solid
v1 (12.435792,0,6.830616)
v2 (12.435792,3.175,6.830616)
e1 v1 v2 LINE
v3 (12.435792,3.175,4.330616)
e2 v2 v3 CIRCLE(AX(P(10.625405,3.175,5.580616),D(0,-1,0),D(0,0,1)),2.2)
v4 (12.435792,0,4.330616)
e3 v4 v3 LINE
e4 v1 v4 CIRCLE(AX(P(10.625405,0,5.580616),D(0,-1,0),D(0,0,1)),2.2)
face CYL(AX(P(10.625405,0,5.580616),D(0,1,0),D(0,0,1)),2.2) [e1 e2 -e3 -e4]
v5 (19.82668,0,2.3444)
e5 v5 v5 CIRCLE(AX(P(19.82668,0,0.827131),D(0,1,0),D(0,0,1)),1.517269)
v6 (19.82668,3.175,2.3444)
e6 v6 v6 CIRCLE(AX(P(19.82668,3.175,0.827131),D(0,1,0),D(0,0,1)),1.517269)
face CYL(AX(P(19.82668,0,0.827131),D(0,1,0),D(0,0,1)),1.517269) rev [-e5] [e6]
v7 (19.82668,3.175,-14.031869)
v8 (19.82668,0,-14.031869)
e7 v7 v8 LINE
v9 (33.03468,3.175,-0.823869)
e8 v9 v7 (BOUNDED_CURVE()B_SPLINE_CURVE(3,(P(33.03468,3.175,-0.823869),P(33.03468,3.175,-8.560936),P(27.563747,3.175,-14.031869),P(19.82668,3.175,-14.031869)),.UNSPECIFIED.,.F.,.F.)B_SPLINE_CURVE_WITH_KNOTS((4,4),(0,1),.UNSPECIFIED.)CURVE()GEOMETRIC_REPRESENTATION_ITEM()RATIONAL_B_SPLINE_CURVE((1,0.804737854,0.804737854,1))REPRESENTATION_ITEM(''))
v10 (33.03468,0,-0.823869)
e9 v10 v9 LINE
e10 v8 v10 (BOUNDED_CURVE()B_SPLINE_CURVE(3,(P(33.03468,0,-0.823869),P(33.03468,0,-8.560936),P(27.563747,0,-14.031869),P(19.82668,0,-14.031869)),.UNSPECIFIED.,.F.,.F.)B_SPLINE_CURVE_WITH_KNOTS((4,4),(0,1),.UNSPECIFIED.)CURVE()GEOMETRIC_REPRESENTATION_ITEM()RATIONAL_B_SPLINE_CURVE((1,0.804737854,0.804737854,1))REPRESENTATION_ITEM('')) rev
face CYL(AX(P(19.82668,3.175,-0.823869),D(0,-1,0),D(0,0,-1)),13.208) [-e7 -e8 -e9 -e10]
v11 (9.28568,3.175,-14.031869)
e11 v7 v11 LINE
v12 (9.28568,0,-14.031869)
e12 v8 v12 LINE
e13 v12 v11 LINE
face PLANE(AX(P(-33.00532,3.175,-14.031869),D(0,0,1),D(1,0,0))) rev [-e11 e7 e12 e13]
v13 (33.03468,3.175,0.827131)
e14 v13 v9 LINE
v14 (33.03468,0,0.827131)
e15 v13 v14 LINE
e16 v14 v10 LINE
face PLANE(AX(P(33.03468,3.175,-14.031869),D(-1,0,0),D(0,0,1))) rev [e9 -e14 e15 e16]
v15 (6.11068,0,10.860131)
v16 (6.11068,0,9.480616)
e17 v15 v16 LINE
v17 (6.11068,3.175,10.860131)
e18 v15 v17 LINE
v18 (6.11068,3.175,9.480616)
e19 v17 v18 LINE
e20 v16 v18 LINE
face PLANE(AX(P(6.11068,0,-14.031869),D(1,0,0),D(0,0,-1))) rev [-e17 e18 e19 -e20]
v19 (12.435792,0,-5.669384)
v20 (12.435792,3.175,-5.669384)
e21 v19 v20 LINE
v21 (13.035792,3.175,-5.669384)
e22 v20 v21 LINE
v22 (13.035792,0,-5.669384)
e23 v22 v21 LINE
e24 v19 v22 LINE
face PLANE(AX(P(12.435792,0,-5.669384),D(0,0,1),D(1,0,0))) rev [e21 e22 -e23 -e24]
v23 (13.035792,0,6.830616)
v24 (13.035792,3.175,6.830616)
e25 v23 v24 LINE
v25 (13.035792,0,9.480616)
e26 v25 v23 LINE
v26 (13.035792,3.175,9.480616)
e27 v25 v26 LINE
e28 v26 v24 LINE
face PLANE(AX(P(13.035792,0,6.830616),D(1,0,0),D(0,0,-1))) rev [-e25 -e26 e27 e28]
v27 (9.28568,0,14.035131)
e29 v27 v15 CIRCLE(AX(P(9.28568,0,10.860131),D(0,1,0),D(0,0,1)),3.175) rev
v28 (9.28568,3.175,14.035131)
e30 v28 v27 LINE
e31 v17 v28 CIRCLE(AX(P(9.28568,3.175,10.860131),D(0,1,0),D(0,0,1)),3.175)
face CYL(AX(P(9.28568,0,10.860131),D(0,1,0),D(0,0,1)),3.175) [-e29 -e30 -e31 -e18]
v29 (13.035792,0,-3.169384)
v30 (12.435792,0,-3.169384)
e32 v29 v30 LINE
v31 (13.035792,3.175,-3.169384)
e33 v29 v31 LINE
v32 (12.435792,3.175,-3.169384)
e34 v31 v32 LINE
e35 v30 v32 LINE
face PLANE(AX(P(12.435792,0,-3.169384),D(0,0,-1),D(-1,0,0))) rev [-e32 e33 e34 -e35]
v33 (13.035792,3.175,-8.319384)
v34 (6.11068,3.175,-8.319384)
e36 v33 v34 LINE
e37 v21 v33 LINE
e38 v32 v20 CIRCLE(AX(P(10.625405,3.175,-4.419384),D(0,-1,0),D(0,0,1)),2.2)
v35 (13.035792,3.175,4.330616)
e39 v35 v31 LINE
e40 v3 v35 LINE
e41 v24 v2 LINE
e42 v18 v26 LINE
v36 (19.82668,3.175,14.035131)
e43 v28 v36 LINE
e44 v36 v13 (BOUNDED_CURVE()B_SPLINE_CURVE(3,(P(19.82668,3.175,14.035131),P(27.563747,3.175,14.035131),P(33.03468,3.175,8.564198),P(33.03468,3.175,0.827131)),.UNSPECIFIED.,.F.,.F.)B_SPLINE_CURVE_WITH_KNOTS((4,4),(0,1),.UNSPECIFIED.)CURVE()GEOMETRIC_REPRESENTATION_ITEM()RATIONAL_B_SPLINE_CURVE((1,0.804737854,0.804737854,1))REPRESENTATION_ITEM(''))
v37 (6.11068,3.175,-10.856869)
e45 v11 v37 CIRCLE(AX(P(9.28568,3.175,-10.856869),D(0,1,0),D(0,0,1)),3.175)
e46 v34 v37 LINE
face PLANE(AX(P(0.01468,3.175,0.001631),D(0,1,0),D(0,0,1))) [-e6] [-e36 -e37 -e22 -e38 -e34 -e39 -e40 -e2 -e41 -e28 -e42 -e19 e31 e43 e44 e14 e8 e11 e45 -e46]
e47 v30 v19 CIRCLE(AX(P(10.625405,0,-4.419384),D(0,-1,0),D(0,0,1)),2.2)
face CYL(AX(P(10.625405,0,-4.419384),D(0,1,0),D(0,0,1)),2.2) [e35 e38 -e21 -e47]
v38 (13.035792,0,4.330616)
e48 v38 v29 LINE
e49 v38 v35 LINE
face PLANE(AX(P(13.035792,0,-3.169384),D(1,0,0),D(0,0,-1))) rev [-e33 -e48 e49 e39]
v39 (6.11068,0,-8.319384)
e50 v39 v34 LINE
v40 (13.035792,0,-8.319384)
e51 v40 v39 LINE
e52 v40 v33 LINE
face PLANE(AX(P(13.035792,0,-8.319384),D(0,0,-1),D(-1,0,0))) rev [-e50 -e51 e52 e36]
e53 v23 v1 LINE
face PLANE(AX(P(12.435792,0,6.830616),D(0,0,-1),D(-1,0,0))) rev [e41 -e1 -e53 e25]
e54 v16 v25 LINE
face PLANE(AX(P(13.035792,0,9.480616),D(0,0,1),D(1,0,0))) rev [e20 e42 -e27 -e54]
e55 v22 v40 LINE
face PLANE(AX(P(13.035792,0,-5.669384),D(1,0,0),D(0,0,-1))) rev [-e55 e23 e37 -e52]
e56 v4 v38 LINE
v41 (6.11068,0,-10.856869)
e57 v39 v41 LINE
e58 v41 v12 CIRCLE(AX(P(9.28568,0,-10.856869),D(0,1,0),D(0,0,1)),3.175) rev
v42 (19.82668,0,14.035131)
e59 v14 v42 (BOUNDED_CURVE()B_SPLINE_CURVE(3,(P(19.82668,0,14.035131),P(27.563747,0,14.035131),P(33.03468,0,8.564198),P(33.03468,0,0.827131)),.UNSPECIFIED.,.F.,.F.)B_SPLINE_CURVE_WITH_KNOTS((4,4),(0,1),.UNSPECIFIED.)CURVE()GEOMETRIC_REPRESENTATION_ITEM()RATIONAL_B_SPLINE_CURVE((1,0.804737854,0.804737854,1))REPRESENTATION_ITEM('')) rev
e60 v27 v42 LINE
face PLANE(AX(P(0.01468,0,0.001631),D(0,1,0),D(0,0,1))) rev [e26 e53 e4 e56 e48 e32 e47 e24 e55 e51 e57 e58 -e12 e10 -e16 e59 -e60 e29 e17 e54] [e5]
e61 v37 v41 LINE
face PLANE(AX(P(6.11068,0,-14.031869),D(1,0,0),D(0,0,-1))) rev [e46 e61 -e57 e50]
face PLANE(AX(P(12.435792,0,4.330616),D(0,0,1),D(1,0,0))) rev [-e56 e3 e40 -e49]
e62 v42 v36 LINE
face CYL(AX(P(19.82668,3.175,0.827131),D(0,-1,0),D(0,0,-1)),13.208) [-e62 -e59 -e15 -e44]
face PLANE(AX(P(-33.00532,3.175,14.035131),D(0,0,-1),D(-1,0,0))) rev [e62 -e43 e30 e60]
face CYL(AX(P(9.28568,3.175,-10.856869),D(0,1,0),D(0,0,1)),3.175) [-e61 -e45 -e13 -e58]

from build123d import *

# Parameters (mm, degrees)
SKETCH1_W           = 50.8
SKETCH1_H           = 21.59
BOSS_EXTRUDE1_DEPTH = 3.175
FILLET1_R           = 10.16
SKETCH3_R           = 1.16713
CUT_EXTRUDE1_DEPTH  = 28.780796425
FILLET3_R           = 10.16
SCALE1_SCALE_X      = 1.3
SCALE1_SCALE_Y      = 1
SCALE1_SCALE_Z      = 1.3
SKETCH4_W           = 39.116
SKETCH4_H           = 28.067
CUT_EXTRUDE2_DEPTH  = 37.032702199
CUT_EXTRUDE3_DEPTH  = 37.032702199
FILLET5_R           = 3.175


with BuildPart() as part:
    # Sketch1 → Boss-Extrude1 (new body)
    with BuildSketch(Plane(origin=(0, 0, 0), x_dir=(1, 0, 0), z_dir=(0, 1, 0))):
        Rectangle(SKETCH1_W, SKETCH1_H)
    extrude(amount=BOSS_EXTRUDE1_DEPTH)

    # Fillet1
    fillet1_edges = [part.edges().sort_by_distance(p)[0] for p in [
        (25.4, 1.5875, 10.795),
        (-25.4, 1.5875, 10.795),
    ]]
    fillet(fillet1_edges, radius=FILLET1_R)

    # Sketch3 → Cut-Extrude1 (cut, through all)
    with BuildSketch(Plane(origin=(0, 3.175, 0), x_dir=(1, 0, 0), z_dir=(0, 1, 0))):
        with Locations(Location((15.24, -0.635, 0), (0, 0, 270))):
            Circle(SKETCH3_R)
        with Locations(Location((-3.81, -0.635, 0), (0, 0, 270))):
            Circle(SKETCH3_R)
    extrude(amount=-CUT_EXTRUDE1_DEPTH, mode=Mode.SUBTRACT)

    # Fillet3
    fillet3_edges = [part.edges().sort_by_distance(p)[0] for p in [
        (-25.4, 1.5875, -10.795),
        (25.4, 1.5875, -10.795),
    ]]
    fillet(fillet3_edges, radius=FILLET3_R)


with BuildPart() as part_1:
    # Scale1: scaled about (-0.04893356, 1.5875, -0.005437062)
    add(part.part.scale((SCALE1_SCALE_X, SCALE1_SCALE_Y, SCALE1_SCALE_Z), about=(-0.04893356, 1.5875, -0.005437062)))

    # Sketch4 → Cut-Extrude2 (cut, through all)
    with BuildSketch(Plane(origin=(0, 3.175, 0), x_dir=(1, 0, 0), z_dir=(0, 1, 0))):
        with Locations((-13.447319932, -0.001631119)):
            Rectangle(SKETCH4_W, SKETCH4_H)
    extrude(amount=-CUT_EXTRUDE2_DEPTH, mode=Mode.SUBTRACT)

    # Sketch5 → Cut-Extrude3 (cut, through all)
    with BuildSketch(Plane(origin=(0, 3.175, 0), x_dir=(1, 0, 0), z_dir=(0, 1, 0))):
        with BuildLine():
            Line((13.035792068, -6.830615627), (13.035792068, -9.480615627))
            Line((13.035792068, -9.480615627), (6.110680068, -9.480615627))
            Line((6.110680068, -9.480615627), (6.110680068, 8.319384373))
            Line((6.110680068, 8.319384373), (13.035792068, 8.319384373))
            Line((13.035792068, 8.319384373), (13.035792068, 5.669384373))
            Line((13.035792068, 5.669384373), (12.435792068, 5.669384373))
            ThreePointArc((12.435792068, 5.669384373), (8.425405369, 4.419384373), (12.435792068, 3.169384373))
            Line((12.435792068, 3.169384373), (13.035792068, 3.169384373))
            Line((13.035792068, 3.169384373), (13.035792068, -4.330615627))
            Line((13.035792068, -4.330615627), (12.435792068, -4.330615627))
            ThreePointArc((12.435792068, -4.330615627), (8.425405369, -5.580615627), (12.435792068, -6.830615627))
            Line((12.435792068, -6.830615627), (13.035792068, -6.830615627))
        make_face()
    extrude(amount=-CUT_EXTRUDE3_DEPTH, mode=Mode.SUBTRACT)

    # Fillet5
    fillet5_edges = [part_1.edges().sort_by_distance(p)[0] for p in [
        (6.110680068, 1.5875, -14.031868881),
        (6.110680068, 1.5875, 14.035131119),
    ]]
    fillet(fillet5_edges, radius=FILLET5_R)


solid = part_1.part
